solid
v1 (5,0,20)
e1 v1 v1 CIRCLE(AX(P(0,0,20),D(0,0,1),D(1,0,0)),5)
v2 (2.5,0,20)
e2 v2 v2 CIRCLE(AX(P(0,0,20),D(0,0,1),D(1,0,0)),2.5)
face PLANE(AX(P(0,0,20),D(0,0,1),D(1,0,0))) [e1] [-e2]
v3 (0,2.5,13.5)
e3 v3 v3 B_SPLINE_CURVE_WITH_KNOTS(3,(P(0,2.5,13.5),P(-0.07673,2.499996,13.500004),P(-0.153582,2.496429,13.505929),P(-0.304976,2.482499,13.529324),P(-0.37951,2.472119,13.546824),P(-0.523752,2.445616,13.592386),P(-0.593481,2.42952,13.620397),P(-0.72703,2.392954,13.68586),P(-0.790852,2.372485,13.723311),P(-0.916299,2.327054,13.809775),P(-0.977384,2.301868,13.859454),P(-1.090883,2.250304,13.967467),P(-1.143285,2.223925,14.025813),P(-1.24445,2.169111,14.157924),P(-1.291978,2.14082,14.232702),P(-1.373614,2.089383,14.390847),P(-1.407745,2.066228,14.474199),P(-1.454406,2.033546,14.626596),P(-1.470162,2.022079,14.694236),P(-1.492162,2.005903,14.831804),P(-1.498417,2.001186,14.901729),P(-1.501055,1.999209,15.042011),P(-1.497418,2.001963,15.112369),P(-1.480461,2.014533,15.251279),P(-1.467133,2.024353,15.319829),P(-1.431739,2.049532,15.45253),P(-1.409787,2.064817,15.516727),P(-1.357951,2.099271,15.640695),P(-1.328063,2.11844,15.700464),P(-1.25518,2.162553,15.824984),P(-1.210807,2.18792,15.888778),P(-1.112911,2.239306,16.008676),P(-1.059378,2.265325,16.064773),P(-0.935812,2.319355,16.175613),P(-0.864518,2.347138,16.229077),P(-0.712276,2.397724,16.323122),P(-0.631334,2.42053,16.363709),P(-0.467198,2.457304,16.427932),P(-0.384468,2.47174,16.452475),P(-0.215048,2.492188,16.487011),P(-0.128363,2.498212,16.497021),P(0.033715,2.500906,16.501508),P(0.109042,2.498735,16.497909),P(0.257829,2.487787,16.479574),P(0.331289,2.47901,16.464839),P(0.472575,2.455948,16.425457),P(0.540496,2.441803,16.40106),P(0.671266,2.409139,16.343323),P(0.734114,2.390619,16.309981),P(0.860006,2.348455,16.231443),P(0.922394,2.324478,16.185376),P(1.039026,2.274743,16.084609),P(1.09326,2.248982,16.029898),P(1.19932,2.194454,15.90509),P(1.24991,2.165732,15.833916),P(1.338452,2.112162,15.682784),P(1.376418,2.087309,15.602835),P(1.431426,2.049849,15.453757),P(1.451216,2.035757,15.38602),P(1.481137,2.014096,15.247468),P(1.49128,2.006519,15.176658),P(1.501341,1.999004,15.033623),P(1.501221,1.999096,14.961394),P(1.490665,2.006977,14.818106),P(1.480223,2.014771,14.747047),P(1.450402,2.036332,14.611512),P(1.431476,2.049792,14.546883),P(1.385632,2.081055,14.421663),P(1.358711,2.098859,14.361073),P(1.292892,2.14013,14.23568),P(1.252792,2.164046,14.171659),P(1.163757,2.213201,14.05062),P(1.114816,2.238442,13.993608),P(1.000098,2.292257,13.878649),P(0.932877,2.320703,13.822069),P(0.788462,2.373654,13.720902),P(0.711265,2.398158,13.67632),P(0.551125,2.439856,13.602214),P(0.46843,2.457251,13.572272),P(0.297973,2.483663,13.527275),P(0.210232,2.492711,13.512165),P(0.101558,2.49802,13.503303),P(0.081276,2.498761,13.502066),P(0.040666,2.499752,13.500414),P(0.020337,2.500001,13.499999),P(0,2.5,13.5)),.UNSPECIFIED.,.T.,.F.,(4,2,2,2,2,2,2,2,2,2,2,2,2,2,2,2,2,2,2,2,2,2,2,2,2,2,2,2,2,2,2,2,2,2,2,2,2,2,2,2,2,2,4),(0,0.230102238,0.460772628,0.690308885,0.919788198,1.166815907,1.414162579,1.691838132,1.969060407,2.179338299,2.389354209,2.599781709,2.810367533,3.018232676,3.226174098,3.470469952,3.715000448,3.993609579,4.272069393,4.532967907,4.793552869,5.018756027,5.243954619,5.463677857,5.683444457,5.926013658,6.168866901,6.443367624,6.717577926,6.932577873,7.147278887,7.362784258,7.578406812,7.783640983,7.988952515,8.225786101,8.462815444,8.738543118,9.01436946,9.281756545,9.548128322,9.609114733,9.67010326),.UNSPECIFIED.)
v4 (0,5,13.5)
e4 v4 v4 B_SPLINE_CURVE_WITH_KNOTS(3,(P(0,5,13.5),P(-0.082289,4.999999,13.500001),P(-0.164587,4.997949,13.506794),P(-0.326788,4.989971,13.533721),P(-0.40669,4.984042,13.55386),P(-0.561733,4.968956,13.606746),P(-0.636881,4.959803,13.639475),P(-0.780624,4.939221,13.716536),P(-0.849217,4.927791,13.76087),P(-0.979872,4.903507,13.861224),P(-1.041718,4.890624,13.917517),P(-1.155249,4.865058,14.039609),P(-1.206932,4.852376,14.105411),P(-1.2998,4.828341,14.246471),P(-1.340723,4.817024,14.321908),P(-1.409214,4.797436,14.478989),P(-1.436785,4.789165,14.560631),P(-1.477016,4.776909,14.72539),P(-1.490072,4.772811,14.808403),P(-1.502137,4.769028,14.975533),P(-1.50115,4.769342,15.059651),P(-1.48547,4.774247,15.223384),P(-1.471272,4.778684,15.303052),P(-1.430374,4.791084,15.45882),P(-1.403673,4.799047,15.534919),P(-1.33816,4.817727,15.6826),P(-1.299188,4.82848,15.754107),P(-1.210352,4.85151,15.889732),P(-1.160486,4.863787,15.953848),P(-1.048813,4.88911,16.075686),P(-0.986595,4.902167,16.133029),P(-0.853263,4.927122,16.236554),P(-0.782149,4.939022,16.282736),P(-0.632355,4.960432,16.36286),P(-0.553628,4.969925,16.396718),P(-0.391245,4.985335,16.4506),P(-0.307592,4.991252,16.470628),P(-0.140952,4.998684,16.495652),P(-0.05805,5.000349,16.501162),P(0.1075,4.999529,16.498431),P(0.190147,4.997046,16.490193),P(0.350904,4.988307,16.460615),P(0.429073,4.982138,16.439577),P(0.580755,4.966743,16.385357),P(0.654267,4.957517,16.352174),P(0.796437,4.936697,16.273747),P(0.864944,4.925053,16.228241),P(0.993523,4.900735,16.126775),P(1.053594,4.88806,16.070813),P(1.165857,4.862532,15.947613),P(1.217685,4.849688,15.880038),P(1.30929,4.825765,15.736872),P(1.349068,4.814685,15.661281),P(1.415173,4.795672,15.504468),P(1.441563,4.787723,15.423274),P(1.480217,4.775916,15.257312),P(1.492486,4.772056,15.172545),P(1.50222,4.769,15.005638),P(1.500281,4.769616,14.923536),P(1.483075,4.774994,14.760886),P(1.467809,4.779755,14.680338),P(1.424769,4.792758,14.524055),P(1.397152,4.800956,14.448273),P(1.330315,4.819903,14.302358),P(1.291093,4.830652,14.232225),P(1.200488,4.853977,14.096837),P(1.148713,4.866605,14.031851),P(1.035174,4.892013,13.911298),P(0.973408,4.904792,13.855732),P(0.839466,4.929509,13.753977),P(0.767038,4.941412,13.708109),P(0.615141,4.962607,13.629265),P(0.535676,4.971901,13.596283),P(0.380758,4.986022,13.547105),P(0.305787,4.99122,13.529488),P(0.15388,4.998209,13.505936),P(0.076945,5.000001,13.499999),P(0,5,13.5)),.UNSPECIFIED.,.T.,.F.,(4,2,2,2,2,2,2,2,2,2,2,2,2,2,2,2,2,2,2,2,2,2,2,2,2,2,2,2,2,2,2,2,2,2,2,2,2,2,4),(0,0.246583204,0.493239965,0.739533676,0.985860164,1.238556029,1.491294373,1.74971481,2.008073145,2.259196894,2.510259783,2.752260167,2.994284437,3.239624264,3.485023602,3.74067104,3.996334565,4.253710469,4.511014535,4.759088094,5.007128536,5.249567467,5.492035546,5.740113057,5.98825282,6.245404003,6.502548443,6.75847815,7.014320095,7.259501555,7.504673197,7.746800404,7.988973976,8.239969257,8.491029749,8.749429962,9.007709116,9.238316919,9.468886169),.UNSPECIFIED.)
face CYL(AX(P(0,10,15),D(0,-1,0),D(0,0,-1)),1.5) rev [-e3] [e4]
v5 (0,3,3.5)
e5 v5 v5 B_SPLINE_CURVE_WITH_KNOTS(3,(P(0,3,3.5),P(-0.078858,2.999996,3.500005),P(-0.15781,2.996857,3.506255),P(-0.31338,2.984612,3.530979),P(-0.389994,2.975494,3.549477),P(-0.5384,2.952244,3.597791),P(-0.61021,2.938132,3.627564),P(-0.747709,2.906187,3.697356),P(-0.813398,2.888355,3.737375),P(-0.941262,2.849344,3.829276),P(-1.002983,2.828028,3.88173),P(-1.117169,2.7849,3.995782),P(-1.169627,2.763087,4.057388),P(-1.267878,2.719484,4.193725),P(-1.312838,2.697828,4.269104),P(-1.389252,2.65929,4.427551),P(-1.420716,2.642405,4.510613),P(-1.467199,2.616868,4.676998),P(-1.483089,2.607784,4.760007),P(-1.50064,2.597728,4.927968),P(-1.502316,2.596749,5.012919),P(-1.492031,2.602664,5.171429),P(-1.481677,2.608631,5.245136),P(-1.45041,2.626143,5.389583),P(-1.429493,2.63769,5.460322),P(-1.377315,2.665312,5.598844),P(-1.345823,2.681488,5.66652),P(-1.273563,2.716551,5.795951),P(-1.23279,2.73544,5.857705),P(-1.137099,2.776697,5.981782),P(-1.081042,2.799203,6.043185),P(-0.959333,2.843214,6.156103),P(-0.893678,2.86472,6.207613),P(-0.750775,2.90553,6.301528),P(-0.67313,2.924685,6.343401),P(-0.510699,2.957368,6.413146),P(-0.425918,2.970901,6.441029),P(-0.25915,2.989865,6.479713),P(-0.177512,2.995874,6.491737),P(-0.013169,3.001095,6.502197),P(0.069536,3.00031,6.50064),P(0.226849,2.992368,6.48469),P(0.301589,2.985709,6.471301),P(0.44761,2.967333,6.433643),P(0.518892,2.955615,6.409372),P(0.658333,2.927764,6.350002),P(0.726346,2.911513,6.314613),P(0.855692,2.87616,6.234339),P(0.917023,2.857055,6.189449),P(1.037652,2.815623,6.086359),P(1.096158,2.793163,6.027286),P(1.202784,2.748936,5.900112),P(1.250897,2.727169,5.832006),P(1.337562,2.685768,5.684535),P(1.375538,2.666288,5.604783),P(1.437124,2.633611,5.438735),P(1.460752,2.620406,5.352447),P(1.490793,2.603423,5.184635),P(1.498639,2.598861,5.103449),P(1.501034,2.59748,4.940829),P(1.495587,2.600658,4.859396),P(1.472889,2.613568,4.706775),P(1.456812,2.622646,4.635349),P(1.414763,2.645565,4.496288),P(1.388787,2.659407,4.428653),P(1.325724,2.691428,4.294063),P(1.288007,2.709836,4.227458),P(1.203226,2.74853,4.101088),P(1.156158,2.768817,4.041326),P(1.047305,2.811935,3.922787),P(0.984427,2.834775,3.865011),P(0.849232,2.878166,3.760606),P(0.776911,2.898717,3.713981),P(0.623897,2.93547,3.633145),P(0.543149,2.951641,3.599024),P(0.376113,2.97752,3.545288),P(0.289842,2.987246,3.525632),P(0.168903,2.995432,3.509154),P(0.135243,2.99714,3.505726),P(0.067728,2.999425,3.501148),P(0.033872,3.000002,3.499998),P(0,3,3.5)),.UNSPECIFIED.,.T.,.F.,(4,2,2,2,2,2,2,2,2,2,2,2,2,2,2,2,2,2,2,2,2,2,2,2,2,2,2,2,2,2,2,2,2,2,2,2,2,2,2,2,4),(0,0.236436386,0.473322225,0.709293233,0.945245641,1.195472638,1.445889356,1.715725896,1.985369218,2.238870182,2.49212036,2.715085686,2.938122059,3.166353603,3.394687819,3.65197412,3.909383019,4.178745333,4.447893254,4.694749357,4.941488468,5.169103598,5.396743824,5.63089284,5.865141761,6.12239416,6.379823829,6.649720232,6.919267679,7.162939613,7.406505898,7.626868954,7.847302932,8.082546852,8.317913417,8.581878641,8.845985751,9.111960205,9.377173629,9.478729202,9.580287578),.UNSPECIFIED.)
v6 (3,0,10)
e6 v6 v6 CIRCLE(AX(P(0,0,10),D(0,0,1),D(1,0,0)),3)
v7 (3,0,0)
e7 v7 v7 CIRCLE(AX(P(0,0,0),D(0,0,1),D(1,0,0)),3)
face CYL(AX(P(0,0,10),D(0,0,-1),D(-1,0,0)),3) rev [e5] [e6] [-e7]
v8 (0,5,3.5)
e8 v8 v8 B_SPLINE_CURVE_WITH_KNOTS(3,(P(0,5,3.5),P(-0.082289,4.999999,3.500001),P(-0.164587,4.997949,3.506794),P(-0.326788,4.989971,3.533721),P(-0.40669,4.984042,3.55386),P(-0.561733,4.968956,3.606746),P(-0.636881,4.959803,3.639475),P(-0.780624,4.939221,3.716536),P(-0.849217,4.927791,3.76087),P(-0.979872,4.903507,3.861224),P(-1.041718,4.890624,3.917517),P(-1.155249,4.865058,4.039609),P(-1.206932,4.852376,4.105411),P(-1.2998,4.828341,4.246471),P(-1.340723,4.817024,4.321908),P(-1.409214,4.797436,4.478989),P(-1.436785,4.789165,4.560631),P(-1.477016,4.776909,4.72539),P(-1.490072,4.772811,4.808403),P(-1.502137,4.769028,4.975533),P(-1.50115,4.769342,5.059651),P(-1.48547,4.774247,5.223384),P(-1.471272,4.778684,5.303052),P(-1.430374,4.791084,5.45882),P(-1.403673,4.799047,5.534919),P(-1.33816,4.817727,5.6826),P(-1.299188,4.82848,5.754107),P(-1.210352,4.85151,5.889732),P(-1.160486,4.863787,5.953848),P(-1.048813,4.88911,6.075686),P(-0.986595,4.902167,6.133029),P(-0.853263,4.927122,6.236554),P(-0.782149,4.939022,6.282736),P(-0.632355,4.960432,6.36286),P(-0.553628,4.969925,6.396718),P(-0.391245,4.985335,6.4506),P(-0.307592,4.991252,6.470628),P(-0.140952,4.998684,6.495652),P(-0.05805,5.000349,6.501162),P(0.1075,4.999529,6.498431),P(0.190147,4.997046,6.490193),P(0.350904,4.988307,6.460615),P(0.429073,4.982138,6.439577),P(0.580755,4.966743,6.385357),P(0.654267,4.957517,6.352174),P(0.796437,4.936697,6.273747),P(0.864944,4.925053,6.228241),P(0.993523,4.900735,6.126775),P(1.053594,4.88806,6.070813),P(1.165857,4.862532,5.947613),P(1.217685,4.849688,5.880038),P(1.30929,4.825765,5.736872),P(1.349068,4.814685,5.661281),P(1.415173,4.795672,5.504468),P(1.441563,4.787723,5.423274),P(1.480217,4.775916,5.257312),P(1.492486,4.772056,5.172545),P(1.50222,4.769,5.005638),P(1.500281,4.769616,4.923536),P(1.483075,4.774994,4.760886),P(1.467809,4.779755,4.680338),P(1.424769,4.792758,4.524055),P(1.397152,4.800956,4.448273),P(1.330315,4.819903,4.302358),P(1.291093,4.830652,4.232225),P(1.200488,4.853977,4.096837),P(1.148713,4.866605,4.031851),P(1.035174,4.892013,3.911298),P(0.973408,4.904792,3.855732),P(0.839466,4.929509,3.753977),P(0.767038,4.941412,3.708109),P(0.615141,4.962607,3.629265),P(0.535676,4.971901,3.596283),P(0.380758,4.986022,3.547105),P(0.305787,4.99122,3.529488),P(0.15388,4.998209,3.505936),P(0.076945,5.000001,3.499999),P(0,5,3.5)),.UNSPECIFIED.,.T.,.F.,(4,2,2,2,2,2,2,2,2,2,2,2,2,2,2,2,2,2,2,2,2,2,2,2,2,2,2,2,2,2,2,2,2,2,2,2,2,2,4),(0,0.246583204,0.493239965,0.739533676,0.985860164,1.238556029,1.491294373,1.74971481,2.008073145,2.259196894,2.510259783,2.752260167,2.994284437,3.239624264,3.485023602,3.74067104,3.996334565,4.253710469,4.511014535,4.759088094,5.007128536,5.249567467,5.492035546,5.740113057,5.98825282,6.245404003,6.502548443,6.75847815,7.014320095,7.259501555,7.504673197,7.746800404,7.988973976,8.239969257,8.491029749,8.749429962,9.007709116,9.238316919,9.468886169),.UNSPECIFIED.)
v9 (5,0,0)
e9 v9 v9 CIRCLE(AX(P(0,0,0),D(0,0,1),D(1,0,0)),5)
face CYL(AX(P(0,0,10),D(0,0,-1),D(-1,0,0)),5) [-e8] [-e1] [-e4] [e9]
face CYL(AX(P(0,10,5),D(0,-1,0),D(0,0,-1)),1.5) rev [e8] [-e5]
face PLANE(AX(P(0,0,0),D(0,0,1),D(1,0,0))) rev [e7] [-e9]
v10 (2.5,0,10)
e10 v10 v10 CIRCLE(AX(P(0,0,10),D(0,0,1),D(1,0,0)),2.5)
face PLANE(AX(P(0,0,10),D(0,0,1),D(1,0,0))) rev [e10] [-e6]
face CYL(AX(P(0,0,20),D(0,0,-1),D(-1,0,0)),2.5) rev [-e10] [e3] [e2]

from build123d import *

# Parameters (mm, degrees)
SKETCH1_R           = 5
SKETCH1_R_2         = 3
BOSS_EXTRUDE1_DEPTH = 10
SKETCH2_R           = 5
SKETCH2_R_2         = 2.5
BOSS_EXTRUDE2_DEPTH = 10
SKETCH3_R           = 1.5
CUT_EXTRUDE1_DEPTH  = 10


with BuildPart() as part:
    # Sketch1 → Boss-Extrude1 (new body)
    with BuildSketch(Plane.XY):
        Circle(SKETCH1_R)
        Circle(SKETCH1_R_2, mode=Mode.SUBTRACT)
    extrude(amount=BOSS_EXTRUDE1_DEPTH)

    # Sketch2 → Boss-Extrude2 (add)
    with BuildSketch(Plane.XY.offset(10)):
        Circle(SKETCH2_R)
        Circle(SKETCH2_R_2, mode=Mode.SUBTRACT)
    extrude(amount=BOSS_EXTRUDE2_DEPTH)

    # Sketch3 → Cut-Extrude1 (cut)
    with BuildSketch(Plane(origin=(0, 0, 0), x_dir=(1, 0, 0), z_dir=(0, 1, 0))):
        with Locations((0, -5)):
            Circle(SKETCH3_R)
        with Locations((0, -15)):
            Circle(SKETCH3_R)
    extrude(amount=CUT_EXTRUDE1_DEPTH, mode=Mode.SUBTRACT)


solid = part.part
